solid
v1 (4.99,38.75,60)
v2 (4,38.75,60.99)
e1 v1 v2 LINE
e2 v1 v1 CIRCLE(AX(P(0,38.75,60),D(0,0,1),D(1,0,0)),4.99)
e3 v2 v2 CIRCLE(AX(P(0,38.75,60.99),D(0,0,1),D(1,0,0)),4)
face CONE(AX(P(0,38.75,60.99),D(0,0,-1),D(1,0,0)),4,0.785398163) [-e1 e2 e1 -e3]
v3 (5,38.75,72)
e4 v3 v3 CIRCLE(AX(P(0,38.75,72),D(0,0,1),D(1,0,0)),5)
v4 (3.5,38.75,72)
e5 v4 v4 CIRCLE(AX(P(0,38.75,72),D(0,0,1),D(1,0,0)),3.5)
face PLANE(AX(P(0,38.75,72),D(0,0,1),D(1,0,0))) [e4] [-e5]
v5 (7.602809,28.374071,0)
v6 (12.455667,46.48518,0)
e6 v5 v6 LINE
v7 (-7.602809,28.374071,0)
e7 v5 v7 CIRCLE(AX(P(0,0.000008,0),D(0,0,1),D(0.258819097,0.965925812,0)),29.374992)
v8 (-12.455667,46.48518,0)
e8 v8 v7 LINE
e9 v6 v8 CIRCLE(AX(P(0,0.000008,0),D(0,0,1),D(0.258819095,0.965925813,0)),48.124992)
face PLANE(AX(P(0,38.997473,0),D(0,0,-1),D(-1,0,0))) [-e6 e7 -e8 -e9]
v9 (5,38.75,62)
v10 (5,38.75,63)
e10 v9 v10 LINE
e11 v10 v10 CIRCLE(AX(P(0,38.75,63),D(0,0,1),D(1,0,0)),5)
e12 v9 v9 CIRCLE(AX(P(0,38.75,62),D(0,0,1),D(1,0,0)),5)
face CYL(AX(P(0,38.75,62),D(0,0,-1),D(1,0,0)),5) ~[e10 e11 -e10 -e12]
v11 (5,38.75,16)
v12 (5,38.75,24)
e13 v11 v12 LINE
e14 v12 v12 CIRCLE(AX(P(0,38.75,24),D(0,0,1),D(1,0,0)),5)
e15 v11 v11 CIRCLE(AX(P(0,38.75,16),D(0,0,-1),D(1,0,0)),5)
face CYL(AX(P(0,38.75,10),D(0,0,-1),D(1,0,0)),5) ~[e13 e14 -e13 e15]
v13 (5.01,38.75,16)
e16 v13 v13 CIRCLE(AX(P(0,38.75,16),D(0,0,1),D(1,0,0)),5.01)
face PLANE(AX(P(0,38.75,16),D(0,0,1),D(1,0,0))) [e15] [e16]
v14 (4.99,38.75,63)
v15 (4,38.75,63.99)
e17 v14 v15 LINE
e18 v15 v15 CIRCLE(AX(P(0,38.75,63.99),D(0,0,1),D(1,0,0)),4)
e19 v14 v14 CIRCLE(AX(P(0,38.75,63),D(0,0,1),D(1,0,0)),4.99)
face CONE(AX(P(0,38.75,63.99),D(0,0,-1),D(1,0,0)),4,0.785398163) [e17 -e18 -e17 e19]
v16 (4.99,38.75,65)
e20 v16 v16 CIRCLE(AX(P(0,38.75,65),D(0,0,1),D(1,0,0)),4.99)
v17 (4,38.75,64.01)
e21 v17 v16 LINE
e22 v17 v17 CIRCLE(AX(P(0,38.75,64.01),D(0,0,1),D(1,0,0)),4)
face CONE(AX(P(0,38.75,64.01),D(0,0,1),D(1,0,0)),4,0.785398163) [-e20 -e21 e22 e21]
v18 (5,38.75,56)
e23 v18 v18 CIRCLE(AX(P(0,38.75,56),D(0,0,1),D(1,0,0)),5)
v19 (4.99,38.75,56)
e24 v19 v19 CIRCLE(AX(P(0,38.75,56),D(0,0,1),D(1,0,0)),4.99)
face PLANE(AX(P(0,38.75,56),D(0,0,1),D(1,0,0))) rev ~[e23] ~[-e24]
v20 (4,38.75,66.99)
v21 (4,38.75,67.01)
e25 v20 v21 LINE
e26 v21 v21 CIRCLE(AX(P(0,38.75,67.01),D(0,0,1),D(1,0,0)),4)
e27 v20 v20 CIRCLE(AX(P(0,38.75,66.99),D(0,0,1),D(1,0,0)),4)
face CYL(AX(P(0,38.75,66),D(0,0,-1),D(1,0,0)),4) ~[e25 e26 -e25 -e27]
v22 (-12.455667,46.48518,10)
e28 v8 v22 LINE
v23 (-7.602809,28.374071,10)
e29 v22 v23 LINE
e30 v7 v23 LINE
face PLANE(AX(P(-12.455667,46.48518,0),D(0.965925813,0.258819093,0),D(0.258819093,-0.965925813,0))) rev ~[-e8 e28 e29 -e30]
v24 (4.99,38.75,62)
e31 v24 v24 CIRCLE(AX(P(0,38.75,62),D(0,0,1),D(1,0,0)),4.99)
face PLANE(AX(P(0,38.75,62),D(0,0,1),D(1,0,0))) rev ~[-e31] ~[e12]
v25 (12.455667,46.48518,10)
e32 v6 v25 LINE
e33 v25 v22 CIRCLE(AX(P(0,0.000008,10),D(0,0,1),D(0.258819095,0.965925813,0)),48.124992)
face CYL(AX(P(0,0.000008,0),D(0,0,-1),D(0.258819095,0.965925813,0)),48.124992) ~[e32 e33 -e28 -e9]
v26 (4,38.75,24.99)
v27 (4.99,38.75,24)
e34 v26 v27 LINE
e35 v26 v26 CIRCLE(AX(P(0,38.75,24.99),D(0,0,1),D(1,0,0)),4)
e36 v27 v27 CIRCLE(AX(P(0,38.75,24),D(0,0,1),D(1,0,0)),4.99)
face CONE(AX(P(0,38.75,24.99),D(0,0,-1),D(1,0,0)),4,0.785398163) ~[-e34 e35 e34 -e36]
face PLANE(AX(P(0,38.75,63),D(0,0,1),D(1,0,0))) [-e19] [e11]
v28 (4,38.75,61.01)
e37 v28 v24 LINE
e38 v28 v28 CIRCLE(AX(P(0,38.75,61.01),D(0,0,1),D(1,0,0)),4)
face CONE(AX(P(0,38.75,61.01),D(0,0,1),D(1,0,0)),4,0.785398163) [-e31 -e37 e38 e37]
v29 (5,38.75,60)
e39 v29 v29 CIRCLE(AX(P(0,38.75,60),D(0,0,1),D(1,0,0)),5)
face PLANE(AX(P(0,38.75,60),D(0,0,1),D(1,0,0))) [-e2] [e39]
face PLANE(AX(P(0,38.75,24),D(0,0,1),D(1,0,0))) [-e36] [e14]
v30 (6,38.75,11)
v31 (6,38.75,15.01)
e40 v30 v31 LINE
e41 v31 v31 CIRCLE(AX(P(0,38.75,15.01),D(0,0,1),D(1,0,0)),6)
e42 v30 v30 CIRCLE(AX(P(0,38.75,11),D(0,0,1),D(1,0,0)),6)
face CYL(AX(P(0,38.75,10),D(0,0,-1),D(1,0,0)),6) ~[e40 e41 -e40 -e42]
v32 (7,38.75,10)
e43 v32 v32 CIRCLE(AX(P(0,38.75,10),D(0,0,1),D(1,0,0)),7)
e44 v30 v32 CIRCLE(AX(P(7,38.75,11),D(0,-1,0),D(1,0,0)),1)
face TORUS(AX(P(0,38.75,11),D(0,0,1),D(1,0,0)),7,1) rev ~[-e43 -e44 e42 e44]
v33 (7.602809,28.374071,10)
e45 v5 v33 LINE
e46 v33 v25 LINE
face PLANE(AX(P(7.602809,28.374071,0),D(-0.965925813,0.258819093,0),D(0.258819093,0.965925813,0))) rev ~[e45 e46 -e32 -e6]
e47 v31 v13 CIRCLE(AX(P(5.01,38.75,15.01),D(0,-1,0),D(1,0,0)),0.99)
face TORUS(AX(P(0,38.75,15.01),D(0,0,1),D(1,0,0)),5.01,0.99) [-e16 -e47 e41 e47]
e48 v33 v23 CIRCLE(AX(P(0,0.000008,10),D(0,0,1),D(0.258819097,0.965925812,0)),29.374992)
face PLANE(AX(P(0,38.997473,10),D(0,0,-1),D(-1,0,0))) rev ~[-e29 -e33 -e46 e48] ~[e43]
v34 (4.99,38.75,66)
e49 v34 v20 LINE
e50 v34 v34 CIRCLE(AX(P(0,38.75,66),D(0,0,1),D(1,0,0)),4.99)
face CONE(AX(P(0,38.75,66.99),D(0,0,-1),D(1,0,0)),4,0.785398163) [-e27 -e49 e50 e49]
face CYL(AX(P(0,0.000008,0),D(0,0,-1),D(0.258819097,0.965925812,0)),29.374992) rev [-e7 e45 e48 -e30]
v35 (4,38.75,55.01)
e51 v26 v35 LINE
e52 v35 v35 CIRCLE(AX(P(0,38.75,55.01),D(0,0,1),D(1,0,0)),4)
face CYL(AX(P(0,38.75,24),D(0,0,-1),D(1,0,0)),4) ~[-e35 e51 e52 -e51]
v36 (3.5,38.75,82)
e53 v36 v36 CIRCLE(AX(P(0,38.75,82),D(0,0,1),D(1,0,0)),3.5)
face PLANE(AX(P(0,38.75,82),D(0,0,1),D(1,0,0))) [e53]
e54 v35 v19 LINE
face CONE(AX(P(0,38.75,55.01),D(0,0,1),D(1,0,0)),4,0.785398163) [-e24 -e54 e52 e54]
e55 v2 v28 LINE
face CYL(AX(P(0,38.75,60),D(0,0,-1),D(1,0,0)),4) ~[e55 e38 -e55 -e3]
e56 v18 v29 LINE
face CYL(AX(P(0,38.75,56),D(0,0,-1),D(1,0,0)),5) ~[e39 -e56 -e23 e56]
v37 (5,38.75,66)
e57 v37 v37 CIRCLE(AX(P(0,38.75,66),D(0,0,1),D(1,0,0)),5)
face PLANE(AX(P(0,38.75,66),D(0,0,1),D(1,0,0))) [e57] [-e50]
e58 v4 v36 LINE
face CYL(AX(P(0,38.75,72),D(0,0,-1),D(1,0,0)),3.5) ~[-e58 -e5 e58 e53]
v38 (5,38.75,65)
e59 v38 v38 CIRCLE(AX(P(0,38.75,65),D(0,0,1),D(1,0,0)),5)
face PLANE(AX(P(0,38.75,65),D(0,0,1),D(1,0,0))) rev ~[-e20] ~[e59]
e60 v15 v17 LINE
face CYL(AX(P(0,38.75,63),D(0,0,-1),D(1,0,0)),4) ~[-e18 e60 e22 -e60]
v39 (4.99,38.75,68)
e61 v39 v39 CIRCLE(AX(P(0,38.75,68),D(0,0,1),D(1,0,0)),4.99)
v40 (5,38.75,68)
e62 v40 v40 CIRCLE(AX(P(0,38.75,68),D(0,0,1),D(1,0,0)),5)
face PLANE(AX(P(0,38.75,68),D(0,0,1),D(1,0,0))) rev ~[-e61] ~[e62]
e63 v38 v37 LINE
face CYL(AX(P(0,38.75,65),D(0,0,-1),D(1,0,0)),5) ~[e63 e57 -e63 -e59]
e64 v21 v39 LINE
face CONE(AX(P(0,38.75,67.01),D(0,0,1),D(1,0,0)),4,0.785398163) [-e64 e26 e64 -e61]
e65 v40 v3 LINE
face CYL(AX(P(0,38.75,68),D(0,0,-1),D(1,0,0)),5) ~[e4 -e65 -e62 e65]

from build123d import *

# Parameters (mm, degrees)
PAD_DEPTH       = 10
SKETCH002_R     = 5
PAD001_DEPTH    = 14
SKETCH003_R     = 4
PAD002_DEPTH    = 32
SKETCH004_R     = 5
PAD003_DEPTH    = 4
SKETCH005_R     = 4
PAD004_DEPTH    = 2
CHAMFER_SIZE    = 0.99
CHAMFER001_SIZE = 0.99
SKETCH006_R     = 5
PAD005_DEPTH    = 1
SKETCH007_R     = 4
PAD006_DEPTH    = 2
SKETCH008_R     = 5
PAD007_DEPTH    = 1
SKETCH009_R     = 4
PAD008_DEPTH    = 2
SKETCH010_R     = 5
PAD009_DEPTH    = 4
SKETCH011_R     = 6
PAD010_DEPTH    = 6
FILLET_R        = 0.99
FILLET001_R     = 1
SKETCH012_R     = 3.5
PAD011_DEPTH    = 10
CHAMFER002_SIZE = 0.99


with BuildPart() as part:
    # Sketch → Pad (new body)
    with BuildSketch(Plane.XY):
        with BuildLine():
            ThreePointArc((7.602809, 28.374071), (0, 29.375), (-7.602809, 28.374071))
            Line((-12.455667, 46.48518), (-7.602809, 28.374071))
            ThreePointArc((12.455667, 46.48518), (0, 48.125), (-12.455667, 46.48518))
            Line((7.602809, 28.374071), (12.455667, 46.48518))
        make_face()
    extrude(amount=PAD_DEPTH)

    # Sketch002 (on Face6 of Pad) → Pad001 (join)
    with BuildSketch(Plane.XY.offset(10)):
        with Locations((0, 38.75)):
            Circle(SKETCH002_R)
    extrude(amount=PAD001_DEPTH)

    # Sketch003 (on Face8 of Pad001) → Pad002 (join)
    with BuildSketch(Plane.XY.offset(24)):
        with Locations((0, 38.75)):
            Circle(SKETCH003_R)
    extrude(amount=PAD002_DEPTH)

    # Sketch004 (on Face10 of Pad002) → Pad003 (join)
    with BuildSketch(Plane.XY.offset(56)):
        with Locations((0, 38.75)):
            Circle(SKETCH004_R)
    extrude(amount=PAD003_DEPTH)

    # Sketch005 (on Face3 of Pad003) → Pad004 (join)
    with BuildSketch(Plane.XY.offset(60)):
        with Locations((0, 38.75)):
            Circle(SKETCH005_R)
    extrude(amount=PAD004_DEPTH)

    # Chamfer
    chamfer_edges = [part.edges().sort_by_distance(p)[0] for p in [
        (-4, 38.75, 24),
    ]]
    chamfer(chamfer_edges, length=CHAMFER_SIZE)

    # Chamfer001
    chamfer001_edges = [part.edges().sort_by_distance(p)[0] for p in [
        (-4, 38.75, 56),
    ]]
    chamfer(chamfer001_edges, length=CHAMFER001_SIZE)

    # Sketch006 (on Face15 of Chamfer001) → Pad005 (join)
    with BuildSketch(Plane.XY.offset(62)):
        with Locations((0, 38.75)):
            Circle(SKETCH006_R)
    extrude(amount=PAD005_DEPTH)

    # Sketch007 (on Face3 of Pad005) → Pad006 (join)
    with BuildSketch(Plane.XY.offset(63)):
        with Locations((0, 38.75)):
            Circle(SKETCH007_R)
    extrude(amount=PAD006_DEPTH)

    # Sketch008 (on Face7 of Pad006) → Pad007 (join)
    with BuildSketch(Plane.XY.offset(65)):
        with Locations((0, 38.75)):
            Circle(SKETCH008_R)
    extrude(amount=PAD007_DEPTH)

    # Sketch009 (on Face3 of Pad007) → Pad008 (join)
    with BuildSketch(Plane.XY.offset(66)):
        with Locations((0, 38.75)):
            Circle(SKETCH009_R)
    extrude(amount=PAD008_DEPTH)

    # Sketch010 (on Face7 of Pad008) → Pad009 (join)
    with BuildSketch(Plane.XY.offset(68)):
        with Locations((0, 38.75)):
            Circle(SKETCH010_R)
    extrude(amount=PAD009_DEPTH)

    # Sketch011 (on Face21 of Pad009) → Pad010 (join)
    with BuildSketch(Plane.XY.offset(10)):
        with Locations((0, 38.75)):
            Circle(SKETCH011_R)
    extrude(amount=PAD010_DEPTH)

    # Fillet
    fillet_edges = [part.edges().sort_by_distance(p)[0] for p in [
        (-6, 38.75, 16),
    ]]
    fillet(fillet_edges, radius=FILLET_R)

    # Fillet001
    fillet001_edges = [part.edges().sort_by_distance(p)[0] for p in [
        (-6, 38.75, 10),
    ]]
    fillet(fillet001_edges, radius=FILLET001_R)

    # Sketch012 (on Face30 of Fillet001) → Pad011 (join)
    with BuildSketch(Plane.XY.offset(72)):
        with Locations((0, 38.75)):
            Circle(SKETCH012_R)
    extrude(amount=PAD011_DEPTH)

    # Chamfer002
    chamfer002_edges = [part.edges().sort_by_distance(p)[0] for p in [
        (-4, 38.75, 68),
        (-4, 38.75, 65),
        (-4, 38.75, 62),
        (-4, 38.75, 66),
        (-4, 38.75, 63),
        (-4, 38.75, 60),
    ]]
    chamfer(chamfer002_edges, length=CHAMFER002_SIZE)


solid = part.part
